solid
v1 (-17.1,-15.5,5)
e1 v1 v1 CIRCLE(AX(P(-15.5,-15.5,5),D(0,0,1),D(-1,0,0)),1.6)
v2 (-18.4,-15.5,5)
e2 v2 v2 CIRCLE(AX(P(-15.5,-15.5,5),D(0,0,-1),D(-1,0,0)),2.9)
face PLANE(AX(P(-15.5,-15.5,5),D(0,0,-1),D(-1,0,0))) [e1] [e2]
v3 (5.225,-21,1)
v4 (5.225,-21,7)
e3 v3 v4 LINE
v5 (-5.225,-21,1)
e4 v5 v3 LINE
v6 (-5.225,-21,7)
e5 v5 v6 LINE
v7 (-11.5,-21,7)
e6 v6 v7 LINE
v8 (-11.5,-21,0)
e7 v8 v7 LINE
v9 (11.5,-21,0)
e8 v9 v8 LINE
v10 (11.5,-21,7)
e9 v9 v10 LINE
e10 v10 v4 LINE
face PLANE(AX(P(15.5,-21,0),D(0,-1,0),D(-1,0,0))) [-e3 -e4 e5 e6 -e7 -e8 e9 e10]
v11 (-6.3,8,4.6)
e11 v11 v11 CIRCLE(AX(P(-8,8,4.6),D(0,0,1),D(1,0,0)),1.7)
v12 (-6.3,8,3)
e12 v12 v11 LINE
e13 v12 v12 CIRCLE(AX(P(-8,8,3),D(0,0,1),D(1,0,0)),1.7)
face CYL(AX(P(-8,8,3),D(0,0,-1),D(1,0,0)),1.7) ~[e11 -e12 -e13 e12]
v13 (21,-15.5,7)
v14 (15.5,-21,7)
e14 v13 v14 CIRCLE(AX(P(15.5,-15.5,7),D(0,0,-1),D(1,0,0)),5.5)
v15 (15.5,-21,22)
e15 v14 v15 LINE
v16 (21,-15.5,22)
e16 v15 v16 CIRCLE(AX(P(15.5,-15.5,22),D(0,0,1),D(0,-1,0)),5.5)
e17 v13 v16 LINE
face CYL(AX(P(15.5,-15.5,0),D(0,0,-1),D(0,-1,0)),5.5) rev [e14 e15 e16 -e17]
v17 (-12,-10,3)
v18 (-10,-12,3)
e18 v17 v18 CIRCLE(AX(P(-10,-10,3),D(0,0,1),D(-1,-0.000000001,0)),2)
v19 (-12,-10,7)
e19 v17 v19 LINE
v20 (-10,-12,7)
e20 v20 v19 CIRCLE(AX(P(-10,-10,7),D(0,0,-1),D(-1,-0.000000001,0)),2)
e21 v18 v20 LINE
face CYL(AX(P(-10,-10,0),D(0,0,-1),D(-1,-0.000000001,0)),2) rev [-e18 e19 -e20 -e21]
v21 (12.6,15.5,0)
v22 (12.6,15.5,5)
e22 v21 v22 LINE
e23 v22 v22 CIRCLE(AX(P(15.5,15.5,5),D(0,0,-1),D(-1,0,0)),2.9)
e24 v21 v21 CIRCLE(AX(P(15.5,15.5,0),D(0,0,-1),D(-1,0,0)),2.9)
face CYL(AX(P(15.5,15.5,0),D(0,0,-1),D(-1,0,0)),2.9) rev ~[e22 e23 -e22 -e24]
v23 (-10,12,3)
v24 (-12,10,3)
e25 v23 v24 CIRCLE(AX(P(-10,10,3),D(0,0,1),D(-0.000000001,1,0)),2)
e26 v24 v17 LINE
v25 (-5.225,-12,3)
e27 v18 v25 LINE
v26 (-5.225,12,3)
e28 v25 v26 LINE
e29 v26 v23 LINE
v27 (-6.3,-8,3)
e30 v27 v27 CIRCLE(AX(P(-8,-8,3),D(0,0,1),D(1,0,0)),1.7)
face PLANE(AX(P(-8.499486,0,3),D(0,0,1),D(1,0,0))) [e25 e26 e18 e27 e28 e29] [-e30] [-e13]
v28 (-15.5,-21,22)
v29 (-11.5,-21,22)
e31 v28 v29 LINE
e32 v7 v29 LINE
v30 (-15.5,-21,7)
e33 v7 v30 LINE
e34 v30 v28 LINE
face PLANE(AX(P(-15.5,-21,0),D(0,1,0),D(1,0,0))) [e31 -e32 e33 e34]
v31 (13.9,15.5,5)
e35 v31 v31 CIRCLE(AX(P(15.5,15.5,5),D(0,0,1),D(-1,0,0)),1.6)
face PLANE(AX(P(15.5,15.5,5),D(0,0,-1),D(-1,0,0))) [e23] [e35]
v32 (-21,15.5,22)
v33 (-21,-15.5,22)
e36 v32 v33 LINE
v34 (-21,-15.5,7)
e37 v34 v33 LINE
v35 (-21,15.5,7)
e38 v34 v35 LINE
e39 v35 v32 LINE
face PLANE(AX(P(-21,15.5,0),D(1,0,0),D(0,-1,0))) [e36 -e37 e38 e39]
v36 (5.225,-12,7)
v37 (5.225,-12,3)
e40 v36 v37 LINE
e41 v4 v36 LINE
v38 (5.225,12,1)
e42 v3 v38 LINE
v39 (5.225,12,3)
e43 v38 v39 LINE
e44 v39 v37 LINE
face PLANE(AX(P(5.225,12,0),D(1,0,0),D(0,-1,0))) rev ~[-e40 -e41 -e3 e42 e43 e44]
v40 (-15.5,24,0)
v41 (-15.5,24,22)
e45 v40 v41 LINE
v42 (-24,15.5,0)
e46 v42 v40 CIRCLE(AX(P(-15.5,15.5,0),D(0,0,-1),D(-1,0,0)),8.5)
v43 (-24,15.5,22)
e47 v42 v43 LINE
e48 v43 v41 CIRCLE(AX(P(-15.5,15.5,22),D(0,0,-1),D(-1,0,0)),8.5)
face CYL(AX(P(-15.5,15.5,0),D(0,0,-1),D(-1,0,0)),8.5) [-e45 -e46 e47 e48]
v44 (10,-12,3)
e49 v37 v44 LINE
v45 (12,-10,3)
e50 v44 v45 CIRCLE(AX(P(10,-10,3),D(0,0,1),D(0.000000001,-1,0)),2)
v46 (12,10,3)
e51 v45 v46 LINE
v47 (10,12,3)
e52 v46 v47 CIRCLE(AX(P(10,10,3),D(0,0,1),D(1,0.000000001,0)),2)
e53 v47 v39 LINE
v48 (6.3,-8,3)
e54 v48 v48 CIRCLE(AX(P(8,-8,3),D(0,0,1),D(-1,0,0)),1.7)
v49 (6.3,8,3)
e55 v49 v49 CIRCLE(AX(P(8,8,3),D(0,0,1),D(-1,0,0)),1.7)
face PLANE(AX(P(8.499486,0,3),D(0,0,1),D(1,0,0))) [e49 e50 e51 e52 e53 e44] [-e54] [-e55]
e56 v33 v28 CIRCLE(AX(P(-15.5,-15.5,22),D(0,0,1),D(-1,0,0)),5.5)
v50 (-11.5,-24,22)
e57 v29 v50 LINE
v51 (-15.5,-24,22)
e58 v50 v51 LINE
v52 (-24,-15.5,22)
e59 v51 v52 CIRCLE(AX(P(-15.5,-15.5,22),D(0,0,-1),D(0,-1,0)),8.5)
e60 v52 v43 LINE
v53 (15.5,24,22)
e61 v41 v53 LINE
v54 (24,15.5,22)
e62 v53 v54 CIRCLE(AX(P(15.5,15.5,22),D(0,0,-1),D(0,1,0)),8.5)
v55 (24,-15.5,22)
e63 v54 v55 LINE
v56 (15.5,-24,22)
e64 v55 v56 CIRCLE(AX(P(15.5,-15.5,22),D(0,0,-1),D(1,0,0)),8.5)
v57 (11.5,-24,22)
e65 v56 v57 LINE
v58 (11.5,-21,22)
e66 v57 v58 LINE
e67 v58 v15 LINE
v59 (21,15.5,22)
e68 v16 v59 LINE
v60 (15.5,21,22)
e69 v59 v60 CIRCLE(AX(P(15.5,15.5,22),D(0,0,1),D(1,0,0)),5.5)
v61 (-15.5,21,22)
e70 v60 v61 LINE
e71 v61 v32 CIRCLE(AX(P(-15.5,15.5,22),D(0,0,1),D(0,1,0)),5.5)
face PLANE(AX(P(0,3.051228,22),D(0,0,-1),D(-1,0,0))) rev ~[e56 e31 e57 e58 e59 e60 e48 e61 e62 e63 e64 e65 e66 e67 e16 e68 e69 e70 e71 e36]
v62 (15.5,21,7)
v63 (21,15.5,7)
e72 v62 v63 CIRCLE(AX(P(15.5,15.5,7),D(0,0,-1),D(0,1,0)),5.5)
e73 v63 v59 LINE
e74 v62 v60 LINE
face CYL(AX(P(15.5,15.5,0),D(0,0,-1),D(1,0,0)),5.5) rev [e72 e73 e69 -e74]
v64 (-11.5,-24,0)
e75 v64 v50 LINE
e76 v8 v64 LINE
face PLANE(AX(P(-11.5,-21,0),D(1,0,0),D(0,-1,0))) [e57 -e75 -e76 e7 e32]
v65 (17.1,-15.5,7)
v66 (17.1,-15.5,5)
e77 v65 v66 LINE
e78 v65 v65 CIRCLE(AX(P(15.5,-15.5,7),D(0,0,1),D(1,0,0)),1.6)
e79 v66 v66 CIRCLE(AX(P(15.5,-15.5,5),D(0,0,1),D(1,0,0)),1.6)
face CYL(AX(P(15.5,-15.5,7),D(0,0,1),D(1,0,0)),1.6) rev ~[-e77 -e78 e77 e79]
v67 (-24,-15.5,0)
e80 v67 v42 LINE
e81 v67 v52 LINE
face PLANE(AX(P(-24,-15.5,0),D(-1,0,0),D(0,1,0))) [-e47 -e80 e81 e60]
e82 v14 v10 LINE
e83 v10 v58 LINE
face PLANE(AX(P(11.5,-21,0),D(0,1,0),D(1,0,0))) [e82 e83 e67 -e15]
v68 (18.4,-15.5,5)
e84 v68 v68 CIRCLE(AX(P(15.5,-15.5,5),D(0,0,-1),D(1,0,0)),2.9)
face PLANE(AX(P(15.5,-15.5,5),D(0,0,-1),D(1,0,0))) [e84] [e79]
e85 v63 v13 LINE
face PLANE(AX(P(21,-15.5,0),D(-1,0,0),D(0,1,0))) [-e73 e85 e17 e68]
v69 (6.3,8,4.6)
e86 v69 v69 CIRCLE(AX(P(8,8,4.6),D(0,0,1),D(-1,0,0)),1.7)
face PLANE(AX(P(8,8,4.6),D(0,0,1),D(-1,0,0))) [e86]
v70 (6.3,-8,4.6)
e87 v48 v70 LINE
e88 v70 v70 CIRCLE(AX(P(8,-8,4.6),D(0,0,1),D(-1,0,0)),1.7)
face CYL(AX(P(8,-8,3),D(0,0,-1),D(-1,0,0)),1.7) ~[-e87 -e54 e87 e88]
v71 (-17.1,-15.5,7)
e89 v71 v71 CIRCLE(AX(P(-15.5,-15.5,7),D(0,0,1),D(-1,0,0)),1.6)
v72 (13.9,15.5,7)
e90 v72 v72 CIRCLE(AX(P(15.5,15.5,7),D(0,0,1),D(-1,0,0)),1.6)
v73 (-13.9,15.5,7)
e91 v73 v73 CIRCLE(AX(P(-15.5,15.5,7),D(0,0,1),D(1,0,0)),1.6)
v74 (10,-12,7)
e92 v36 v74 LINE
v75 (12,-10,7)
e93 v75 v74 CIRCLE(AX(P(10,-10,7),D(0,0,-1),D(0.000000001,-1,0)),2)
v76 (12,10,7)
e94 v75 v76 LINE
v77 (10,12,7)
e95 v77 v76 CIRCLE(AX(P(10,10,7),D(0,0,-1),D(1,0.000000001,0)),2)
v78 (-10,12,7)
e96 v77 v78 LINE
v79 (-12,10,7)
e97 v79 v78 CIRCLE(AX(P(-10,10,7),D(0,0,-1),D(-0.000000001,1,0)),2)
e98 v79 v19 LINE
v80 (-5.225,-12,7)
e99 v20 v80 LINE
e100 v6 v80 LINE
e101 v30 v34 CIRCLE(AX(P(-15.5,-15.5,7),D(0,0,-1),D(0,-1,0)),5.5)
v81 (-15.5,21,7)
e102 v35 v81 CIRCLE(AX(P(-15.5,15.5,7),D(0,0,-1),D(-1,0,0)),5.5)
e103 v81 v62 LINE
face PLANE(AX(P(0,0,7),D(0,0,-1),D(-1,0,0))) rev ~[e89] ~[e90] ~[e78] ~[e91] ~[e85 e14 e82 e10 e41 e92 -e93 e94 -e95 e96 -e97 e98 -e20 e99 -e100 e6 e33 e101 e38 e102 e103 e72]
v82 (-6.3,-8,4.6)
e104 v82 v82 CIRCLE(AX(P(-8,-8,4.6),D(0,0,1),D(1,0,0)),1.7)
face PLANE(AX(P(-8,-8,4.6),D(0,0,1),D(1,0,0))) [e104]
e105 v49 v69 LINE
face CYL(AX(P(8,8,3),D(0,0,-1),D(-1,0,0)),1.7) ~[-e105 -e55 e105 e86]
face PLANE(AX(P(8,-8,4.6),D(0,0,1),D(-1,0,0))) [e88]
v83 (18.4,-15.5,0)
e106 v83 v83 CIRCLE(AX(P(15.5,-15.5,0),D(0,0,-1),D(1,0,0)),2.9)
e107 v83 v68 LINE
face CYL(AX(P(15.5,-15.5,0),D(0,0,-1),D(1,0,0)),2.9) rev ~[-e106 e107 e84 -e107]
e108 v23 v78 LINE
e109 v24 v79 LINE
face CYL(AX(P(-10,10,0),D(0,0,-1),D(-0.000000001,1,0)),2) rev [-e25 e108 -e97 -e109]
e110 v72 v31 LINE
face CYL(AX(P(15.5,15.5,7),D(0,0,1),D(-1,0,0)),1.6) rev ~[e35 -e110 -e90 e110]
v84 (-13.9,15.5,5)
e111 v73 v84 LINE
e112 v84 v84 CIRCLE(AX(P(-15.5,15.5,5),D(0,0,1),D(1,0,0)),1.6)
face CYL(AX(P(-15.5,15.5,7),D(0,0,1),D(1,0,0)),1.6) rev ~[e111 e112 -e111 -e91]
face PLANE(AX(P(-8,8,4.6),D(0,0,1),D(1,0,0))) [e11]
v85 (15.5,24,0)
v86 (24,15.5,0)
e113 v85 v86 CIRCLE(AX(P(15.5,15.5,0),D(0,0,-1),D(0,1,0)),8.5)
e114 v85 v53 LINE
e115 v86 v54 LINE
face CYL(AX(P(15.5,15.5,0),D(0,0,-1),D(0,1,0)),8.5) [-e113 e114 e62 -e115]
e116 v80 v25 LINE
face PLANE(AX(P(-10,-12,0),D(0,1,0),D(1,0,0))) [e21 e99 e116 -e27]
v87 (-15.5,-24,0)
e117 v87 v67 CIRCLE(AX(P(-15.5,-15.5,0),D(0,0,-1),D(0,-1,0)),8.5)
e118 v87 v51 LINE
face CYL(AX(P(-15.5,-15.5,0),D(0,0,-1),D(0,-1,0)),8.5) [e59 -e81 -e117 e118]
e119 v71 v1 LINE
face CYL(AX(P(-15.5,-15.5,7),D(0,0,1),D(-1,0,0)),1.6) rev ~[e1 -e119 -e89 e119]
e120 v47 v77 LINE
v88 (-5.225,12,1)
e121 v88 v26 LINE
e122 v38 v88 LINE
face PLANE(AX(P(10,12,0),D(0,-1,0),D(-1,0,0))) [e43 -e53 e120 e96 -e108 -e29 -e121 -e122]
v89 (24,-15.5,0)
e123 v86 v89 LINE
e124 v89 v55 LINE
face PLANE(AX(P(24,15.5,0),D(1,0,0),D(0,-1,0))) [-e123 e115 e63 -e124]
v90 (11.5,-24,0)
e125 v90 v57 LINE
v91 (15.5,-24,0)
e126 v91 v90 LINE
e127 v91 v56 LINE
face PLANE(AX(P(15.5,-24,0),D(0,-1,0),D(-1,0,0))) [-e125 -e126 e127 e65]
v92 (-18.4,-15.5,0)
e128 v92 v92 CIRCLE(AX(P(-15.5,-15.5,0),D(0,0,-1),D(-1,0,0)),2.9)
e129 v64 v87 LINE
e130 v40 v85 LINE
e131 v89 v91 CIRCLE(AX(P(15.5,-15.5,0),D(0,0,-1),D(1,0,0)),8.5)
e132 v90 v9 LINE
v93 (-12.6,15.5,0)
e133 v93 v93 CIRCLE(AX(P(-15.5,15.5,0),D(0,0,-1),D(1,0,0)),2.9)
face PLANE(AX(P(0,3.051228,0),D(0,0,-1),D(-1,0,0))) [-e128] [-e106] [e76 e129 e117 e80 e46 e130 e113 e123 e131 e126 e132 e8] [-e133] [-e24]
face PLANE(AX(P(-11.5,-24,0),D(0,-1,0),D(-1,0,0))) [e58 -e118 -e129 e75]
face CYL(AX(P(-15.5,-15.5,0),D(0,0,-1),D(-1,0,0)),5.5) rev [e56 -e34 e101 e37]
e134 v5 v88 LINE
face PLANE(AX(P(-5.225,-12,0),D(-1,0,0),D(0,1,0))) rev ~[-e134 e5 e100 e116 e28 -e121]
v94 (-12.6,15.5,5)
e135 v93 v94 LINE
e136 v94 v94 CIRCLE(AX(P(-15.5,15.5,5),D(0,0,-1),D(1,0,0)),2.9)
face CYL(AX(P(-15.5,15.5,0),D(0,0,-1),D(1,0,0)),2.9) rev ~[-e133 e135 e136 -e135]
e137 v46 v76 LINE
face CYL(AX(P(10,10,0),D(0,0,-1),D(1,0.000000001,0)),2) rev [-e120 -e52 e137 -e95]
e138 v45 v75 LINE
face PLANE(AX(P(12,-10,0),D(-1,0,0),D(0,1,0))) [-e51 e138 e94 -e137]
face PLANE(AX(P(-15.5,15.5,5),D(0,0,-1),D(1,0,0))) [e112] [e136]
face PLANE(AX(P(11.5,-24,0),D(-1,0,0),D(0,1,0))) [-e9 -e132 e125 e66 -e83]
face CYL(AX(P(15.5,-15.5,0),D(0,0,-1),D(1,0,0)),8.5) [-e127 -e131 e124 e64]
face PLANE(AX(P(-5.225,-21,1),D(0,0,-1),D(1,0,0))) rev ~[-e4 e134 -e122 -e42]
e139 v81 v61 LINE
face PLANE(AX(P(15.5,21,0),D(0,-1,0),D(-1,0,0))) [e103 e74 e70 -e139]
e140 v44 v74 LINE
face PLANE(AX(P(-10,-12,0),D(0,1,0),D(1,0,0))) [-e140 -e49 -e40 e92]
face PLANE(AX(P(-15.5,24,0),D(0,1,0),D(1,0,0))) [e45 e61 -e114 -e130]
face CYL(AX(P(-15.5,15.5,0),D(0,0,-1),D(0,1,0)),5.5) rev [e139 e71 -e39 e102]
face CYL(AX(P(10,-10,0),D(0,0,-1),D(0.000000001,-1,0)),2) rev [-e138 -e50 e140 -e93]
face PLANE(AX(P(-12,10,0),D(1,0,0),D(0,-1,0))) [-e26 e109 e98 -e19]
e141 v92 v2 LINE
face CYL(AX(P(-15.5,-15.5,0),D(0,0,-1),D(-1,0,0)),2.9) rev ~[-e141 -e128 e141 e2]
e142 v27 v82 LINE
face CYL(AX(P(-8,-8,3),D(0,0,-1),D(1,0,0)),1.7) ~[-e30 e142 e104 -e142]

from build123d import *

# Parameters (mm, degrees)
RESSALTO_EXTRUS_O1_DEPTH = 7
CORTE_EXTRUS_O1_DEPTH    = 31.512292605
RESSALTO_EXTRUS_O2_DEPTH = 3
ESBO_O4_R                = 1.7
RESSALTO_EXTRUS_O3_DEPTH = 1.6
CORTE_EXTRUS_O2_REACH    = 49.476
ESBO_O5_W                = 10.45
ESBO_O5_H                = 6
ESBO_O6_W                = 10.45
ESBO_O6_H                = 24
RESSALTO_EXTRUS_O4_DEPTH = 1
CORTE_EXTRUS_O3_REACH    = 32.512
ESBO_O8_R                = 1.6
ESBO_O11_R               = 2.9
CORTE_EXTRUS_O4_DEPTH    = 5
RESSALTO_EXTRUS_O5_DEPTH = 22


with BuildPart() as part:
    # Esboço1 → Ressalto-extrusão1 (new body)
    with BuildSketch(Plane.XY):
        with BuildLine():
            Line((15.5, -21), (-15.5, -21))
            ThreePointArc((-15.5, -21), (-19.389087297, -19.389087297), (-21, -15.5))
            Line((-21, -15.5), (-21, 15.5))
            ThreePointArc((-21, 15.5), (-19.389087297, 19.389087297), (-15.5, 21))
            Line((-15.5, 21), (15.5, 21))
            ThreePointArc((15.5, 21), (19.389087297, 19.389087297), (21, 15.5))
            Line((21, 15.5), (21, -15.5))
            ThreePointArc((21, -15.5), (19.389087297, -19.389087297), (15.5, -21))
        make_face()
    extrude(amount=RESSALTO_EXTRUS_O1_DEPTH)

    # Esboço2 → Corte-extrusão1 (cut, through all)
    with BuildSketch(Plane(origin=(0, 0, 0), x_dir=(-1, 0, 0), z_dir=(0, 0, -1))):
        with BuildLine():
            Line((10, -12), (-10, -12))
            ThreePointArc((-10, -12), (-11.414213562, -11.414213562), (-12, -10))
            Line((-12, -10), (-12, 10))
            ThreePointArc((-12, 10), (-11.414213562, 11.414213562), (-10, 12))
            Line((-10, 12), (10, 12))
            ThreePointArc((10, 12), (11.414213562, 11.414213562), (12, 10))
            Line((12, 10), (12, -10))
            ThreePointArc((12, -10), (11.414213562, -11.414213562), (10, -12))
        make_face()
    extrude(amount=-CORTE_EXTRUS_O1_DEPTH, mode=Mode.SUBTRACT)

    # Esboço3 → Ressalto-extrusão2 (add)
    with BuildSketch(Plane(origin=(0, 0, 0), x_dir=(-1, 0, 0), z_dir=(0, 0, -1))):
        with BuildLine():
            Line((-5.225, 12), (-5.225, -12))
            Line((-5.225, -12), (-10, -12))
            ThreePointArc((-10, -12), (-11.414213562, -11.414213562), (-12, -10))
            Line((-12, -10), (-12, 10))
            ThreePointArc((-12, 10), (-11.414213562, 11.414213562), (-10, 12))
            Line((-10, 12), (-5.225, 12))
        make_face()
        with BuildLine():
            Line((5.225, 12), (10, 12))
            ThreePointArc((10, 12), (11.414213562, 11.414213562), (12, 10))
            Line((12, 10), (12, -10))
            ThreePointArc((12, -10), (11.414213562, -11.414213562), (10, -12))
            Line((10, -12), (5.225, -12))
            Line((5.225, -12), (5.225, 12))
        make_face()
    extrude(amount=-RESSALTO_EXTRUS_O2_DEPTH)

    # Esboço4 → Ressalto-extrusão3 (add)
    with BuildSketch(Plane.XY.offset(3)):
        with Locations((-8, 8)):
            Circle(ESBO_O4_R)
        with Locations(Location((8, 8, 0), (0, 0, 180))):
            Circle(ESBO_O4_R)
        with Locations(Location((8, -8, 0), (0, 0, 180))):
            Circle(ESBO_O4_R)
        with Locations((-8, -8)):
            Circle(ESBO_O4_R)
    extrude(amount=RESSALTO_EXTRUS_O3_DEPTH)

    # Esboço5 → Corte-extrusão2 (cut, up to next)
    with BuildSketch(Plane.XZ.offset(21), mode=Mode.PRIVATE) as corte_extrus_o2_sk1:
        with Locations((0, 4)):
            Rectangle(ESBO_O5_W, ESBO_O5_H)
    corte_extrus_o2_tool1 = extrude(corte_extrus_o2_sk1.sketch, amount=-CORTE_EXTRUS_O2_REACH, mode=Mode.PRIVATE) & part.part
    add(corte_extrus_o2_tool1.solids().sort_by_distance((0, -21, 4))[0], mode=Mode.SUBTRACT)

    # Esboço6 → Ressalto-extrusão4 (add)
    with BuildSketch(Plane(origin=(0, 0, 0), x_dir=(-1, 0, 0), z_dir=(0, 0, -1))):
        Rectangle(ESBO_O6_W, ESBO_O6_H)
    extrude(amount=-RESSALTO_EXTRUS_O4_DEPTH)

    # Esboço8 → Corte-extrusão3 (cut, up to next)
    with BuildSketch(Plane.XY.offset(7), mode=Mode.PRIVATE) as corte_extrus_o3_sk1:
        with Locations((-15.5, 15.5)):
            Circle(ESBO_O8_R)
    corte_extrus_o3_tool1 = extrude(corte_extrus_o3_sk1.sketch, amount=-CORTE_EXTRUS_O3_REACH, mode=Mode.PRIVATE) & part.part
    # Esboço8 → Corte-extrusão3 (cut, up to next)
    with BuildSketch(Plane.XY.offset(7), mode=Mode.PRIVATE) as corte_extrus_o3_sk2:
        with Locations(Location((15.5, 15.5, 0), (0, 0, 180))):
            Circle(ESBO_O8_R)
    corte_extrus_o3_tool2 = extrude(corte_extrus_o3_sk2.sketch, amount=-CORTE_EXTRUS_O3_REACH, mode=Mode.PRIVATE) & part.part
    # Esboço8 → Corte-extrusão3 (cut, up to next)
    with BuildSketch(Plane.XY.offset(7), mode=Mode.PRIVATE) as corte_extrus_o3_sk3:
        with Locations((15.5, -15.5)):
            Circle(ESBO_O8_R)
    corte_extrus_o3_tool3 = extrude(corte_extrus_o3_sk3.sketch, amount=-CORTE_EXTRUS_O3_REACH, mode=Mode.PRIVATE) & part.part
    # Esboço8 → Corte-extrusão3 (cut, up to next)
    with BuildSketch(Plane.XY.offset(7), mode=Mode.PRIVATE) as corte_extrus_o3_sk4:
        with Locations(Location((-15.5, -15.5, 0), (0, 0, 180))):
            Circle(ESBO_O8_R)
    corte_extrus_o3_tool4 = extrude(corte_extrus_o3_sk4.sketch, amount=-CORTE_EXTRUS_O3_REACH, mode=Mode.PRIVATE) & part.part
    add(corte_extrus_o3_tool1.solids().sort_by_distance((-15.5, 15.5, 7))[0], mode=Mode.SUBTRACT)
    add(corte_extrus_o3_tool2.solids().sort_by_distance((15.5, 15.5, 7))[0], mode=Mode.SUBTRACT)
    add(corte_extrus_o3_tool3.solids().sort_by_distance((15.5, -15.5, 7))[0], mode=Mode.SUBTRACT)
    add(corte_extrus_o3_tool4.solids().sort_by_distance((-15.5, -15.5, 7))[0], mode=Mode.SUBTRACT)

    # Esboço11 → Corte-extrusão4 (cut)
    with BuildSketch(Plane(origin=(0, 0, 0), x_dir=(-1, 0, 0), z_dir=(0, 0, -1))):
        with Locations((-15.5, 15.5)):
            Circle(ESBO_O11_R)
        with Locations(Location((15.5, 15.5, 0), (0, 0, 180))):
            Circle(ESBO_O11_R)
        with Locations((15.5, -15.5)):
            Circle(ESBO_O11_R)
        with Locations(Location((-15.5, -15.5, 0), (0, 0, 180))):
            Circle(ESBO_O11_R)
    extrude(amount=-CORTE_EXTRUS_O4_DEPTH, mode=Mode.SUBTRACT)

    # Esboço13 → Ressalto-extrusão5 (add)
    with BuildSketch(Plane(origin=(0, 0, 0), x_dir=(-1, 0, 0), z_dir=(0, 0, -1))):
        with BuildLine():
            Line((24, -15.5), (24, 15.5))
            ThreePointArc((24, 15.5), (21.51040764, 21.51040764), (15.5, 24))
            Line((15.5, 24), (-15.5, 24))
            ThreePointArc((-15.5, 24), (-21.51040764, 21.51040764), (-24, 15.5))
            Line((-24, 15.5), (-24, -15.5))
            ThreePointArc((-24, -15.5), (-21.51040764, -21.51040764), (-15.5, -24))
            Line((-15.5, -24), (-11.5, -24))
            Line((-11.5, -24), (-11.5, -21))
            Line((-11.5, -21), (-15.5, -21))
            ThreePointArc((-15.5, -21), (-19.389087297, -19.389087297), (-21, -15.5))
            Line((-21, -15.5), (-21, 15.5))
            ThreePointArc((-21, 15.5), (-19.389087297, 19.389087297), (-15.5, 21))
            Line((-15.5, 21), (15.5, 21))
            ThreePointArc((15.5, 21), (19.389087297, 19.389087297), (21, 15.5))
            Line((21, 15.5), (21, -15.5))
            ThreePointArc((21, -15.5), (19.389087297, -19.389087297), (15.5, -21))
            Line((15.5, -21), (11.5, -21))
            Line((11.5, -21), (11.5, -24))
            Line((11.5, -24), (15.5, -24))
            ThreePointArc((15.5, -24), (21.51040764, -21.51040764), (24, -15.5))
        make_face()
    extrude(amount=-RESSALTO_EXTRUS_O5_DEPTH)


solid = part.part
